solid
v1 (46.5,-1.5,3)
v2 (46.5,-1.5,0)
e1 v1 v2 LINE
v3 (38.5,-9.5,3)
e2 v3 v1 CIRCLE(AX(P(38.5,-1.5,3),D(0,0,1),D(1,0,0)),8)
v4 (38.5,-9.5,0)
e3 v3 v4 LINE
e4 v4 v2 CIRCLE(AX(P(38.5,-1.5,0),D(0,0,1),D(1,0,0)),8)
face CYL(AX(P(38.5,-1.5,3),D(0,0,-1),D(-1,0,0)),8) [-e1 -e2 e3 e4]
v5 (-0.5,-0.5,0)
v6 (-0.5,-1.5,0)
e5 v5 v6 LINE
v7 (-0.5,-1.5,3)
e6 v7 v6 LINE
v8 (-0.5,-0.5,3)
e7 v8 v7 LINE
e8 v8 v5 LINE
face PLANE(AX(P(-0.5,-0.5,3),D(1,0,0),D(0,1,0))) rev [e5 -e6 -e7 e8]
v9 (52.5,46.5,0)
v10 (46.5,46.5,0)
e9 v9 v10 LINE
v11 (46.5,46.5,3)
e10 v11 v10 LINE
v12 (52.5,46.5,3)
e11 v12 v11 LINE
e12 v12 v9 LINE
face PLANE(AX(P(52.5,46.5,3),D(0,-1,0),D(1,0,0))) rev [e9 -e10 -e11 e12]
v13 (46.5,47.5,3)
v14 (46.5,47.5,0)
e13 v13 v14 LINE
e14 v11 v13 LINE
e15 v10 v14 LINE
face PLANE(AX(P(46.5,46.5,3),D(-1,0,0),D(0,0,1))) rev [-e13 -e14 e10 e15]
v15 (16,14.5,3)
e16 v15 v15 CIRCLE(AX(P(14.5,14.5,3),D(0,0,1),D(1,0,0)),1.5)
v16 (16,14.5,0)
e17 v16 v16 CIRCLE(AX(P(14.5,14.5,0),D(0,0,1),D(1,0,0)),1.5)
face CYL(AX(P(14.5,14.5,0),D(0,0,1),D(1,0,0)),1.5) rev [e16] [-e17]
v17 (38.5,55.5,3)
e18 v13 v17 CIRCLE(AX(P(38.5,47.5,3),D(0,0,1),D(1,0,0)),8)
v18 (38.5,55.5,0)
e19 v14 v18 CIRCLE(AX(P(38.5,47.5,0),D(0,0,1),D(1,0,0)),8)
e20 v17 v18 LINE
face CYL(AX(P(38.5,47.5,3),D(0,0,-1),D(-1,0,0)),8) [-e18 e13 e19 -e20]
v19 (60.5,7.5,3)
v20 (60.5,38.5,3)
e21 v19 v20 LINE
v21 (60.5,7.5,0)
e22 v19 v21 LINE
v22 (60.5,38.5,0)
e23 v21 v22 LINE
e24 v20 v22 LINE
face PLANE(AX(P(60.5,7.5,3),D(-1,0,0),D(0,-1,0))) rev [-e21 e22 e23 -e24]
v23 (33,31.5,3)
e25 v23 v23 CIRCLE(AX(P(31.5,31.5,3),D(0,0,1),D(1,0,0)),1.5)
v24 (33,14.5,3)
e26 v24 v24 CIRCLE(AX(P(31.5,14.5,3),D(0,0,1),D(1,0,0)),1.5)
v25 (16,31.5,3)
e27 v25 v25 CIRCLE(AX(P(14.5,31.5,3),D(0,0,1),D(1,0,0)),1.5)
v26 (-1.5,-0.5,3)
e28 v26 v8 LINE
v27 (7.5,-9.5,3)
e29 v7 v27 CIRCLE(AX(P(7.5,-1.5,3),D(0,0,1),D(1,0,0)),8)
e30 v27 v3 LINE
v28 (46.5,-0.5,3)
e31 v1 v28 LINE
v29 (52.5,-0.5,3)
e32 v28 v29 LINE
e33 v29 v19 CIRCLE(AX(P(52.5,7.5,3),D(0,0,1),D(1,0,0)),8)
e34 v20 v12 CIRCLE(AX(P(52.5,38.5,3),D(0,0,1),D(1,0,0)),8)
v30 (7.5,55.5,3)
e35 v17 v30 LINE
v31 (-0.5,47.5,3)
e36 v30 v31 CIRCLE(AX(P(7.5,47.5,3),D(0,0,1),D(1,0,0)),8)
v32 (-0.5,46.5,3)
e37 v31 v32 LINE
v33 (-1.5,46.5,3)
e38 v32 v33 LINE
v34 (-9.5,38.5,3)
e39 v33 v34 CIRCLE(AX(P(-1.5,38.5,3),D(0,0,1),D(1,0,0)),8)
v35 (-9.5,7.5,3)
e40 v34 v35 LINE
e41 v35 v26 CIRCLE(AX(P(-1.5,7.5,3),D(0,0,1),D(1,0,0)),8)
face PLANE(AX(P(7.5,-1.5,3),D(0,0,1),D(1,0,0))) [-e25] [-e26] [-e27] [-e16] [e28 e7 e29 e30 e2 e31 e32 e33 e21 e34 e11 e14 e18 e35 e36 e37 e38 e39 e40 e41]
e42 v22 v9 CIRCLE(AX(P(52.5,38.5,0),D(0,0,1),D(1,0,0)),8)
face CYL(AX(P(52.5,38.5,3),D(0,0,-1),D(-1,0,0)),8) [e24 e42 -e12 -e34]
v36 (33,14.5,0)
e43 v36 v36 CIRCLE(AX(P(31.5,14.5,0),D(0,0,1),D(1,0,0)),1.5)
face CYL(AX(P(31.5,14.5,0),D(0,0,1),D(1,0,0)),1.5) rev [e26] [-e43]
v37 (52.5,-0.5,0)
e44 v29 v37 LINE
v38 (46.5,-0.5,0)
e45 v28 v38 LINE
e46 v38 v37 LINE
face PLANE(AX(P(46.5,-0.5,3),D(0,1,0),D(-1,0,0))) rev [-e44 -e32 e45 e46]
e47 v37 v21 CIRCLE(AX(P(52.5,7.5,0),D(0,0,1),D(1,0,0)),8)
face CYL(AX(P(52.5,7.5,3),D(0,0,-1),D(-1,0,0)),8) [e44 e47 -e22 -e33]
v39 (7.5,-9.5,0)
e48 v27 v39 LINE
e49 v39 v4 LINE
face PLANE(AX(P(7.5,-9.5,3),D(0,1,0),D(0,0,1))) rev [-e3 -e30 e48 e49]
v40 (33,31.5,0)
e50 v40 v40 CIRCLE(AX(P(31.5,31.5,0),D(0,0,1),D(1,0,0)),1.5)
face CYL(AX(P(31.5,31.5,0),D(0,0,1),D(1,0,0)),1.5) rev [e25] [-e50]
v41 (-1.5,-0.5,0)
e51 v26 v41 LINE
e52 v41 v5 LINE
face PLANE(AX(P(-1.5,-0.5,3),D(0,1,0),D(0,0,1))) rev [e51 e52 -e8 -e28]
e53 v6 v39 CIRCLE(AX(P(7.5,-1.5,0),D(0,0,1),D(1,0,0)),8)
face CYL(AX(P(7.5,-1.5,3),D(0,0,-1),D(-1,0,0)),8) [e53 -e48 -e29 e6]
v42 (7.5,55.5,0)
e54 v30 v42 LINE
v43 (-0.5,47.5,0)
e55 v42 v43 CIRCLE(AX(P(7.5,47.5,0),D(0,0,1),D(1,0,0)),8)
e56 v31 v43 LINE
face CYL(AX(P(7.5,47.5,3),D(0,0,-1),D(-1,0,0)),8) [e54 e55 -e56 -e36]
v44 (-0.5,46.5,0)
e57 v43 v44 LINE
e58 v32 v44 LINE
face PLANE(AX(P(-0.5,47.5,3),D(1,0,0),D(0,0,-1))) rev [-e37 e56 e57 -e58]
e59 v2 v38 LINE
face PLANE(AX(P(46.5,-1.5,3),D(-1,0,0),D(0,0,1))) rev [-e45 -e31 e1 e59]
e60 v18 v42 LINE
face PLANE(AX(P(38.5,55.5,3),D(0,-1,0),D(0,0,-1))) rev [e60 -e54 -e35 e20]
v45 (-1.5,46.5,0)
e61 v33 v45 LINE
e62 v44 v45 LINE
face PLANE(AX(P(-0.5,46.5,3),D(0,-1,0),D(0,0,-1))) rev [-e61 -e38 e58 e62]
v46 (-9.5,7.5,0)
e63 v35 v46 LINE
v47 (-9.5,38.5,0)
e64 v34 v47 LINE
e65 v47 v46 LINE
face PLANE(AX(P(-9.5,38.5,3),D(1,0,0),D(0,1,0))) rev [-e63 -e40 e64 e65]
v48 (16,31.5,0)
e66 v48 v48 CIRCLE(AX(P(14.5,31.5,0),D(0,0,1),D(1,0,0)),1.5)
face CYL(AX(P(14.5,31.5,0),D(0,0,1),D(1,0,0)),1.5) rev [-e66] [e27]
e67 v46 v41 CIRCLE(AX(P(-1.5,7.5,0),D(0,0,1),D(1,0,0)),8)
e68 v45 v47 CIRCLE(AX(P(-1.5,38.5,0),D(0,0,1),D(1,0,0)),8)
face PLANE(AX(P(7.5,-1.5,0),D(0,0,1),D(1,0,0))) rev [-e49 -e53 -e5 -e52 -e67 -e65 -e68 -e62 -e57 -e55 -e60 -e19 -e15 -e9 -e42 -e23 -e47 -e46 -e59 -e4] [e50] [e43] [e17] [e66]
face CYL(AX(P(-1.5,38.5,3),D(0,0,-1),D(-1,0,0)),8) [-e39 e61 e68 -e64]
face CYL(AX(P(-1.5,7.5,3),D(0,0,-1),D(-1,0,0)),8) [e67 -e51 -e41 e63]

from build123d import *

# Parameters (mm, degrees)
RESSALTO_EXTRUS_O1_DEPTH = 3
ESBO_O5_R                = 1.5
CORTE_EXTRUS_O1_DEPTH    = 4


with BuildPart() as part:
    # Esboço1 → Ressalto-extrusão1 (new body)
    with BuildSketch(Plane.XY):
        with BuildLine():
            Line((7.5, -9.5), (38.5, -9.5))
            ThreePointArc((38.5, -9.5), (44.156854249, -7.156854249), (46.5, -1.5))
            Line((46.5, -1.5), (46.5, -0.5))
            Line((46.5, -0.5), (52.5, -0.5))
            ThreePointArc((52.5, -0.5), (58.156854249, 1.843145751), (60.5, 7.5))
            Line((60.5, 7.5), (60.5, 38.5))
            ThreePointArc((60.5, 38.5), (58.156854249, 44.156854249), (52.5, 46.5))
            Line((52.5, 46.5), (46.5, 46.5))
            Line((46.5, 46.5), (46.5, 47.5))
            ThreePointArc((46.5, 47.5), (44.156854249, 53.156854249), (38.5, 55.5))
            Line((38.5, 55.5), (7.5, 55.5))
            ThreePointArc((7.5, 55.5), (1.843145751, 53.156854249), (-0.5, 47.5))
            Line((-0.5, 47.5), (-0.5, 46.5))
            Line((-0.5, 46.5), (-1.5, 46.5))
            ThreePointArc((-1.5, 46.5), (-7.156854249, 44.156854249), (-9.5, 38.5))
            Line((-9.5, 38.5), (-9.5, 7.5))
            ThreePointArc((-9.5, 7.5), (-7.156854249, 1.843145751), (-1.5, -0.5))
            Line((-1.5, -0.5), (-0.5, -0.5))
            Line((-0.5, -0.5), (-0.5, -1.5))
            ThreePointArc((-0.5, -1.5), (1.843145751, -7.156854249), (7.5, -9.5))
        make_face()
    extrude(amount=RESSALTO_EXTRUS_O1_DEPTH)

    # Esboço5 → Corte-extrusão1 (cut, through all)
    with BuildSketch(Plane.XY.offset(3)):
        with Locations((31.5, 31.5)):
            Circle(ESBO_O5_R)
        with Locations((14.5, 31.5)):
            Circle(ESBO_O5_R)
        with Locations((14.5, 14.5)):
            Circle(ESBO_O5_R)
        with Locations((31.5, 14.5)):
            Circle(ESBO_O5_R)
    extrude(amount=-CORTE_EXTRUS_O1_DEPTH, mode=Mode.SUBTRACT)


solid = part.part
